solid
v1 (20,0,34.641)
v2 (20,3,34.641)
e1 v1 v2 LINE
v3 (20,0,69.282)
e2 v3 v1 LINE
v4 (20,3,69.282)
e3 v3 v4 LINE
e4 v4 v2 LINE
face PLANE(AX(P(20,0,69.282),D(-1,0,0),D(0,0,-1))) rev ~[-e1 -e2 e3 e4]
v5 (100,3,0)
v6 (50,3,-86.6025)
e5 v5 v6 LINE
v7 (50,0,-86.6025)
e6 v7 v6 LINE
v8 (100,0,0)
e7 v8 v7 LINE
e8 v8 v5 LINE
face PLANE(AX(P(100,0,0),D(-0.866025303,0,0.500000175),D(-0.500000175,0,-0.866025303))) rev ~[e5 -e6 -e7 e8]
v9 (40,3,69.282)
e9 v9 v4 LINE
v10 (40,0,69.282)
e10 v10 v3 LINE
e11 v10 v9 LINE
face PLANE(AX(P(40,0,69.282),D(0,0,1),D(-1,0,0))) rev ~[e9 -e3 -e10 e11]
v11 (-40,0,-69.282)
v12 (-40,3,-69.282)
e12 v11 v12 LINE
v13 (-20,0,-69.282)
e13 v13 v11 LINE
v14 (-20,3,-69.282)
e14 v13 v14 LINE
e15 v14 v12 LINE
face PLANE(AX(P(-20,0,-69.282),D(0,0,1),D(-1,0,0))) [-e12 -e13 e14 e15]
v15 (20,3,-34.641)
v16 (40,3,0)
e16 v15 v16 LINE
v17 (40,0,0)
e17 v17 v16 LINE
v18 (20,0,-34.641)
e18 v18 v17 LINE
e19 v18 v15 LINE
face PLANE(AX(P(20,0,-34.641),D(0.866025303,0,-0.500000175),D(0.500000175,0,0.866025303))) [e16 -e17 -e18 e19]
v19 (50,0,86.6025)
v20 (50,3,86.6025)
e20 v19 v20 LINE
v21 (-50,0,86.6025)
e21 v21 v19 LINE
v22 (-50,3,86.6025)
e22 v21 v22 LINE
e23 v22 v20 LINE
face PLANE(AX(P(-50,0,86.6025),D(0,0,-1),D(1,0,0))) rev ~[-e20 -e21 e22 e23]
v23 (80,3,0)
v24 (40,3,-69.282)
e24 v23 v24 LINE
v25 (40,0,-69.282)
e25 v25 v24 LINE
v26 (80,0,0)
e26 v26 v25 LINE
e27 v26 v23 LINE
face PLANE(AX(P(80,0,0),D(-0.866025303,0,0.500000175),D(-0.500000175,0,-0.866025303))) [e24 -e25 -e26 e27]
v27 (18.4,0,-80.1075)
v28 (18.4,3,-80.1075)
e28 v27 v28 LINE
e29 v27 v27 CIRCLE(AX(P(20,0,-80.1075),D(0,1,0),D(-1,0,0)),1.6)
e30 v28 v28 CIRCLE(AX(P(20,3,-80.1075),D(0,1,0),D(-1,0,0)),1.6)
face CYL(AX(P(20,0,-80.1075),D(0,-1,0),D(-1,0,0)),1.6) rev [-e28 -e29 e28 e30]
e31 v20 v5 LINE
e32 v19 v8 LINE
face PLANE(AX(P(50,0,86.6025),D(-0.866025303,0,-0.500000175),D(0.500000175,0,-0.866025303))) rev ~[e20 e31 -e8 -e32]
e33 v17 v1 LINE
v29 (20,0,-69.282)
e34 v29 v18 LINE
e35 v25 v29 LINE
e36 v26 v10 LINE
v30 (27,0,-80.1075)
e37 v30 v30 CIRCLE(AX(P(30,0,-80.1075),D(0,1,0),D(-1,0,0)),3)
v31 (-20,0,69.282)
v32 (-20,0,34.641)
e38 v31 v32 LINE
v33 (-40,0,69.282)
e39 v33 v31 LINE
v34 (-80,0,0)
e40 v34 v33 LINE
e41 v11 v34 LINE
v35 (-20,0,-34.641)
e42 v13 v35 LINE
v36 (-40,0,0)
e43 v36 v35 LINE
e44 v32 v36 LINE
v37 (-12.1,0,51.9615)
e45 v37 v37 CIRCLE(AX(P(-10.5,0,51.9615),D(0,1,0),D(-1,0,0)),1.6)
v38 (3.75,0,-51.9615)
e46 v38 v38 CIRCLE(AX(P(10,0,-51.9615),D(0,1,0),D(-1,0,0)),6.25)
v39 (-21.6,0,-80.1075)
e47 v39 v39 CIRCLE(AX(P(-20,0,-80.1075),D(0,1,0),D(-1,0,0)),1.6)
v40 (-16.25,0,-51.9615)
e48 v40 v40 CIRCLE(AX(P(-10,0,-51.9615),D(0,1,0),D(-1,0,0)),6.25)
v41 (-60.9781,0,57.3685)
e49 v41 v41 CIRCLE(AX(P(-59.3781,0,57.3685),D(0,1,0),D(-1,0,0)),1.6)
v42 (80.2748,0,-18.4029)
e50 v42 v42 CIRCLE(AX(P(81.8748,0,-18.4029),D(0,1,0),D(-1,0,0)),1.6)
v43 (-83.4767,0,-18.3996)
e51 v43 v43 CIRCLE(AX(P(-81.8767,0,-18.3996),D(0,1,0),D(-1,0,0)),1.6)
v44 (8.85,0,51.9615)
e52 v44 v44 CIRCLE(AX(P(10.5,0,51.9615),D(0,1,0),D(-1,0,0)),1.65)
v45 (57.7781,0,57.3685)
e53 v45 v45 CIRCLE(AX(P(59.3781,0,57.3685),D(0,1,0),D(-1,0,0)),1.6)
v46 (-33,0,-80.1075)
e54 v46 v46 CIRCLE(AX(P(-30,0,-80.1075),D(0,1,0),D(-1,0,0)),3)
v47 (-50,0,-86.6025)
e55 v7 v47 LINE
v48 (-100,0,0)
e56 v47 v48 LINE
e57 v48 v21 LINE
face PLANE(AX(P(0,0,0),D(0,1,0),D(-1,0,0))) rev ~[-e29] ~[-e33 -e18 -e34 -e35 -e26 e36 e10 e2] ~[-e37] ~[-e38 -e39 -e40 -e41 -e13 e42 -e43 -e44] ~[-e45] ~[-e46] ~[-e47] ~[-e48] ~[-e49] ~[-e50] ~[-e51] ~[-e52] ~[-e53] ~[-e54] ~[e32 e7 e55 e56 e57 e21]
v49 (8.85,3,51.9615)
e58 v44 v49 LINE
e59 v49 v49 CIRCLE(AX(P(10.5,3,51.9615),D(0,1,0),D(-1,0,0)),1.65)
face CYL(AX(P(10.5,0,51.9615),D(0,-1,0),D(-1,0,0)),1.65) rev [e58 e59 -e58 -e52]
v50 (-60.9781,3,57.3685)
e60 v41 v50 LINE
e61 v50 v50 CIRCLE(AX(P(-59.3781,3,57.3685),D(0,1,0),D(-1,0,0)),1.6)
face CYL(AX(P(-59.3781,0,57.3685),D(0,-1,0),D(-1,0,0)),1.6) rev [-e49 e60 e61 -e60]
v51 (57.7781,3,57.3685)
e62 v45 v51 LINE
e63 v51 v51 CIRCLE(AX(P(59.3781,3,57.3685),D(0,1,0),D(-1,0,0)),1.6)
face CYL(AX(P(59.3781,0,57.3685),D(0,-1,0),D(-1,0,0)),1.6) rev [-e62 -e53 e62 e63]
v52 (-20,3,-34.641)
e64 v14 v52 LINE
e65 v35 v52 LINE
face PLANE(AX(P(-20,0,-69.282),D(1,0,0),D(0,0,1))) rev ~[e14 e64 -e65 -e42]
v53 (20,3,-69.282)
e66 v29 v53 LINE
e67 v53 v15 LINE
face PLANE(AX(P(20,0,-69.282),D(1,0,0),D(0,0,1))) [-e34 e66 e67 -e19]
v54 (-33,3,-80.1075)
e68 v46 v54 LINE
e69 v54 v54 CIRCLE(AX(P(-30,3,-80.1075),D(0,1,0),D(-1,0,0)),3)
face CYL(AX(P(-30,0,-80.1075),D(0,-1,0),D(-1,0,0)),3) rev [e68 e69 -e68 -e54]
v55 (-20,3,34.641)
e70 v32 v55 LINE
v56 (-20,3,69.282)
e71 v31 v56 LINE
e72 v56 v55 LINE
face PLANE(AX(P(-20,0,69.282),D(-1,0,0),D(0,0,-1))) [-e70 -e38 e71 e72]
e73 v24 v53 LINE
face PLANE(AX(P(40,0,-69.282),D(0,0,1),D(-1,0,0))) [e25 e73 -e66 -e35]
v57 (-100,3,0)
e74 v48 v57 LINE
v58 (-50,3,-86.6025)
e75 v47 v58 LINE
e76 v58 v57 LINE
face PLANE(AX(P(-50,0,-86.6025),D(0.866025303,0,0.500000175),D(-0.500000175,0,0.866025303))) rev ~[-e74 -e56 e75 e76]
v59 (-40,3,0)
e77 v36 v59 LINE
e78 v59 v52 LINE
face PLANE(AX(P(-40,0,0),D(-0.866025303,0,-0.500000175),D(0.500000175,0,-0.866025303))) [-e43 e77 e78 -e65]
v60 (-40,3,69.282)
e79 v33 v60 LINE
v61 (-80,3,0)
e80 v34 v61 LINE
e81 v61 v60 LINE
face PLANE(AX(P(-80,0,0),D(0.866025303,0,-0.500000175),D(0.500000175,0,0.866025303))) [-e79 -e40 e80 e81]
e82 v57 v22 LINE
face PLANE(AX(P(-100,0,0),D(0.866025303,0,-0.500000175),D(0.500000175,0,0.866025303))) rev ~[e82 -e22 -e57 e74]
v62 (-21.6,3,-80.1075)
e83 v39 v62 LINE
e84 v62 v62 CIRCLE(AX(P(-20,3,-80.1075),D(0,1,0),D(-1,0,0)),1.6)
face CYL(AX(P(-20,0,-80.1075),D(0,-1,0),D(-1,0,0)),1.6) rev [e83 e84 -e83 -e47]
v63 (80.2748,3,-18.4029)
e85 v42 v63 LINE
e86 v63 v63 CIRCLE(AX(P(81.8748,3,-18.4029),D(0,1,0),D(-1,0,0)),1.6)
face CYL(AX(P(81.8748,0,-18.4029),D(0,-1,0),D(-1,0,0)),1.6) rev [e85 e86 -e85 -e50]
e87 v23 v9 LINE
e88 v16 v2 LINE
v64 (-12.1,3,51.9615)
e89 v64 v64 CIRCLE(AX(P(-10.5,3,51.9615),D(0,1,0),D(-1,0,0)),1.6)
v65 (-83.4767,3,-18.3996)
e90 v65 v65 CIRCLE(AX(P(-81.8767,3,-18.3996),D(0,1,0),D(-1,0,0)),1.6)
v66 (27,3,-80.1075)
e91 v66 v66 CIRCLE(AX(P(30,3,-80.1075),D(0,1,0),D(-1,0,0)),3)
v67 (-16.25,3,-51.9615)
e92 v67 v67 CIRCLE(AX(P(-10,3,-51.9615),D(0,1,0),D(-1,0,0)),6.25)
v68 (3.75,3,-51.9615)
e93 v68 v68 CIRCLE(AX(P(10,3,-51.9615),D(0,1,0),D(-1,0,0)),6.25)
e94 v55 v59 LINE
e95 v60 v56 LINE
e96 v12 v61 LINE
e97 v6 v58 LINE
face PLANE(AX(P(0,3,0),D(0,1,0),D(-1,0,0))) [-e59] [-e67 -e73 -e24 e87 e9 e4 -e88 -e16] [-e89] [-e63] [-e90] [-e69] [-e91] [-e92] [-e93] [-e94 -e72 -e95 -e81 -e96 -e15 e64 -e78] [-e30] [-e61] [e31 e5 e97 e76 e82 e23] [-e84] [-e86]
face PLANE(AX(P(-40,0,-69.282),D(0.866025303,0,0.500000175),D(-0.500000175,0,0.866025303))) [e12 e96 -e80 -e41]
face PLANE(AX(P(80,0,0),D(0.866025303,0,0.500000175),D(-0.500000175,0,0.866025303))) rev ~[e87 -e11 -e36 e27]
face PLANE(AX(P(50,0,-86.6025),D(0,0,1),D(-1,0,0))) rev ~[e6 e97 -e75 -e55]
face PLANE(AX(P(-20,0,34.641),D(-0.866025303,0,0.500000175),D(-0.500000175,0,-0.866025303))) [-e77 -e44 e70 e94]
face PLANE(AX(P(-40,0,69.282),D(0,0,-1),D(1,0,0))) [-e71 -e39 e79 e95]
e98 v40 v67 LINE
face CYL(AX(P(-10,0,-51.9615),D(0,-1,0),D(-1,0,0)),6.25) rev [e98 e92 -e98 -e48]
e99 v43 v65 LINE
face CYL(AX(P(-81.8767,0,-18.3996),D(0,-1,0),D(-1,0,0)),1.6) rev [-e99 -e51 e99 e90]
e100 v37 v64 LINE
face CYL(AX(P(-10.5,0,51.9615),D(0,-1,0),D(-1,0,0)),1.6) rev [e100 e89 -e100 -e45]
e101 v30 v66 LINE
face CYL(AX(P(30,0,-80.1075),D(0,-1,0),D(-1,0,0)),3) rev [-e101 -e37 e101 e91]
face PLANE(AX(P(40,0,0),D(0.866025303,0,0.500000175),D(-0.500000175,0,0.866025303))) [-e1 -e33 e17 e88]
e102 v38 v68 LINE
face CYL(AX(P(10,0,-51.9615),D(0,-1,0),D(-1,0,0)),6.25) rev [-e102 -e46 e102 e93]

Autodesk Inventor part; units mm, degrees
ref_plane "YZ Plane" through (0, 0, 0) normal (1, 0, 0) x (0, 1, 0)
ref_plane "XZ Plane" through (0, 0, 0) normal (0, 1, 0) x (-1, 0, 0)
ref_plane "XY Plane" through (0, 0, 0) normal (0, 0, 1) x (1, 0, 0)
sketch "Sketch1" plane through (0, 0, 0) normal (0, 1, 0) x (-1, 0, 0)
  line L0 (-50, 86.6025) -> (-100, 0)
  line L1 (-100, 0) -> (-50, -86.6025)
  line L2 (-50, -86.6025) -> (50, -86.6025)
  line L3 (50, -86.6025) -> (100, 0)
  line L4 (100, 0) -> (50, 86.6025)
  line L5 (50, 86.6025) -> (-50, 86.6025)
  circle A0 centre (20, -80.1075) radius 1.6
  circle A1 centre (-20, -80.1075) radius 1.6
  line L6 (-80, 0) -> (-40, 69.282)
  line L7 (-40, 69.282) -> (-20, 69.282)
  line L8 (-80, 0) -> (-40, -69.282)
  line L9 (-40, -69.282) -> (-20, -69.282)
  line L10 (20, -69.282) -> (40, -69.282)
  line L11 (40, -69.282) -> (80, 0)
  line L12 (80, 0) -> (40, 69.282)
  line L13 (40, 69.282) -> (20, 69.282)
  line L14 (-20, 69.282) -> (-20, 34.641)
  line L15 (20, 69.282) -> (20, 34.641)
  line L16 (20, -69.282) -> (20, -34.641)
  line L17 (-20, -69.282) -> (-20, -34.641)
  line L18 (-20, -34.641) -> (-40, 0)
  line L19 (-40, 0) -> (-20, 34.641)
  line L20 (20, 34.641) -> (40, 0)
  line L21 (40, 0) -> (20, -34.641)
  circle A2 centre (-10, -51.9615) radius 6.25
  circle A3 centre (10, -51.9615) radius 6.25
  circle A4 centre (-10.5, 51.9615) radius 1.65
  circle A5 centre (10.5, 51.9615) radius 1.6
  circle A6 centre (-59.3781, 57.3685) radius 1.6
  circle A7 centre (-81.8748, -18.4029) radius 1.6
  circle A8 centre (59.3781, 57.3685) radius 1.6
  circle A9 centre (81.8767, -18.3996) radius 1.6
  circle A10 centre (-30, -80.1075) radius 3
  circle A11 centre (30, -80.1075) radius 3
  dimension "d12" = 6
  dimension "d13" = 6
extrude "Extrusion1" add sketch "Sketch1" along normal blind 3
sketch "Sketch6" plane through (0, 3, 0) normal (0, 1, 0) x (1, 0, 0)
  line L0 (0, 0) -> (0, -34.641)
  line L1 (0, 0) -> (-40, 0)
  line L2 (17.5, -17.5) -> (-17.5, -17.5) construction
  line L3 (-17.5, -17.5) -> (-17.5, 17.5) construction
  line L4 (-17.5, 17.5) -> (17.5, 17.5) construction
  line L5 (17.5, 17.5) -> (17.5, -17.5) construction
  dimension "d58" = 35
  dimension "d70" = 17.5
  dimension "d72" = 17.5
decal "Decal1"
properties part number "Top Plate" material "Polycarbonate, Clear"
